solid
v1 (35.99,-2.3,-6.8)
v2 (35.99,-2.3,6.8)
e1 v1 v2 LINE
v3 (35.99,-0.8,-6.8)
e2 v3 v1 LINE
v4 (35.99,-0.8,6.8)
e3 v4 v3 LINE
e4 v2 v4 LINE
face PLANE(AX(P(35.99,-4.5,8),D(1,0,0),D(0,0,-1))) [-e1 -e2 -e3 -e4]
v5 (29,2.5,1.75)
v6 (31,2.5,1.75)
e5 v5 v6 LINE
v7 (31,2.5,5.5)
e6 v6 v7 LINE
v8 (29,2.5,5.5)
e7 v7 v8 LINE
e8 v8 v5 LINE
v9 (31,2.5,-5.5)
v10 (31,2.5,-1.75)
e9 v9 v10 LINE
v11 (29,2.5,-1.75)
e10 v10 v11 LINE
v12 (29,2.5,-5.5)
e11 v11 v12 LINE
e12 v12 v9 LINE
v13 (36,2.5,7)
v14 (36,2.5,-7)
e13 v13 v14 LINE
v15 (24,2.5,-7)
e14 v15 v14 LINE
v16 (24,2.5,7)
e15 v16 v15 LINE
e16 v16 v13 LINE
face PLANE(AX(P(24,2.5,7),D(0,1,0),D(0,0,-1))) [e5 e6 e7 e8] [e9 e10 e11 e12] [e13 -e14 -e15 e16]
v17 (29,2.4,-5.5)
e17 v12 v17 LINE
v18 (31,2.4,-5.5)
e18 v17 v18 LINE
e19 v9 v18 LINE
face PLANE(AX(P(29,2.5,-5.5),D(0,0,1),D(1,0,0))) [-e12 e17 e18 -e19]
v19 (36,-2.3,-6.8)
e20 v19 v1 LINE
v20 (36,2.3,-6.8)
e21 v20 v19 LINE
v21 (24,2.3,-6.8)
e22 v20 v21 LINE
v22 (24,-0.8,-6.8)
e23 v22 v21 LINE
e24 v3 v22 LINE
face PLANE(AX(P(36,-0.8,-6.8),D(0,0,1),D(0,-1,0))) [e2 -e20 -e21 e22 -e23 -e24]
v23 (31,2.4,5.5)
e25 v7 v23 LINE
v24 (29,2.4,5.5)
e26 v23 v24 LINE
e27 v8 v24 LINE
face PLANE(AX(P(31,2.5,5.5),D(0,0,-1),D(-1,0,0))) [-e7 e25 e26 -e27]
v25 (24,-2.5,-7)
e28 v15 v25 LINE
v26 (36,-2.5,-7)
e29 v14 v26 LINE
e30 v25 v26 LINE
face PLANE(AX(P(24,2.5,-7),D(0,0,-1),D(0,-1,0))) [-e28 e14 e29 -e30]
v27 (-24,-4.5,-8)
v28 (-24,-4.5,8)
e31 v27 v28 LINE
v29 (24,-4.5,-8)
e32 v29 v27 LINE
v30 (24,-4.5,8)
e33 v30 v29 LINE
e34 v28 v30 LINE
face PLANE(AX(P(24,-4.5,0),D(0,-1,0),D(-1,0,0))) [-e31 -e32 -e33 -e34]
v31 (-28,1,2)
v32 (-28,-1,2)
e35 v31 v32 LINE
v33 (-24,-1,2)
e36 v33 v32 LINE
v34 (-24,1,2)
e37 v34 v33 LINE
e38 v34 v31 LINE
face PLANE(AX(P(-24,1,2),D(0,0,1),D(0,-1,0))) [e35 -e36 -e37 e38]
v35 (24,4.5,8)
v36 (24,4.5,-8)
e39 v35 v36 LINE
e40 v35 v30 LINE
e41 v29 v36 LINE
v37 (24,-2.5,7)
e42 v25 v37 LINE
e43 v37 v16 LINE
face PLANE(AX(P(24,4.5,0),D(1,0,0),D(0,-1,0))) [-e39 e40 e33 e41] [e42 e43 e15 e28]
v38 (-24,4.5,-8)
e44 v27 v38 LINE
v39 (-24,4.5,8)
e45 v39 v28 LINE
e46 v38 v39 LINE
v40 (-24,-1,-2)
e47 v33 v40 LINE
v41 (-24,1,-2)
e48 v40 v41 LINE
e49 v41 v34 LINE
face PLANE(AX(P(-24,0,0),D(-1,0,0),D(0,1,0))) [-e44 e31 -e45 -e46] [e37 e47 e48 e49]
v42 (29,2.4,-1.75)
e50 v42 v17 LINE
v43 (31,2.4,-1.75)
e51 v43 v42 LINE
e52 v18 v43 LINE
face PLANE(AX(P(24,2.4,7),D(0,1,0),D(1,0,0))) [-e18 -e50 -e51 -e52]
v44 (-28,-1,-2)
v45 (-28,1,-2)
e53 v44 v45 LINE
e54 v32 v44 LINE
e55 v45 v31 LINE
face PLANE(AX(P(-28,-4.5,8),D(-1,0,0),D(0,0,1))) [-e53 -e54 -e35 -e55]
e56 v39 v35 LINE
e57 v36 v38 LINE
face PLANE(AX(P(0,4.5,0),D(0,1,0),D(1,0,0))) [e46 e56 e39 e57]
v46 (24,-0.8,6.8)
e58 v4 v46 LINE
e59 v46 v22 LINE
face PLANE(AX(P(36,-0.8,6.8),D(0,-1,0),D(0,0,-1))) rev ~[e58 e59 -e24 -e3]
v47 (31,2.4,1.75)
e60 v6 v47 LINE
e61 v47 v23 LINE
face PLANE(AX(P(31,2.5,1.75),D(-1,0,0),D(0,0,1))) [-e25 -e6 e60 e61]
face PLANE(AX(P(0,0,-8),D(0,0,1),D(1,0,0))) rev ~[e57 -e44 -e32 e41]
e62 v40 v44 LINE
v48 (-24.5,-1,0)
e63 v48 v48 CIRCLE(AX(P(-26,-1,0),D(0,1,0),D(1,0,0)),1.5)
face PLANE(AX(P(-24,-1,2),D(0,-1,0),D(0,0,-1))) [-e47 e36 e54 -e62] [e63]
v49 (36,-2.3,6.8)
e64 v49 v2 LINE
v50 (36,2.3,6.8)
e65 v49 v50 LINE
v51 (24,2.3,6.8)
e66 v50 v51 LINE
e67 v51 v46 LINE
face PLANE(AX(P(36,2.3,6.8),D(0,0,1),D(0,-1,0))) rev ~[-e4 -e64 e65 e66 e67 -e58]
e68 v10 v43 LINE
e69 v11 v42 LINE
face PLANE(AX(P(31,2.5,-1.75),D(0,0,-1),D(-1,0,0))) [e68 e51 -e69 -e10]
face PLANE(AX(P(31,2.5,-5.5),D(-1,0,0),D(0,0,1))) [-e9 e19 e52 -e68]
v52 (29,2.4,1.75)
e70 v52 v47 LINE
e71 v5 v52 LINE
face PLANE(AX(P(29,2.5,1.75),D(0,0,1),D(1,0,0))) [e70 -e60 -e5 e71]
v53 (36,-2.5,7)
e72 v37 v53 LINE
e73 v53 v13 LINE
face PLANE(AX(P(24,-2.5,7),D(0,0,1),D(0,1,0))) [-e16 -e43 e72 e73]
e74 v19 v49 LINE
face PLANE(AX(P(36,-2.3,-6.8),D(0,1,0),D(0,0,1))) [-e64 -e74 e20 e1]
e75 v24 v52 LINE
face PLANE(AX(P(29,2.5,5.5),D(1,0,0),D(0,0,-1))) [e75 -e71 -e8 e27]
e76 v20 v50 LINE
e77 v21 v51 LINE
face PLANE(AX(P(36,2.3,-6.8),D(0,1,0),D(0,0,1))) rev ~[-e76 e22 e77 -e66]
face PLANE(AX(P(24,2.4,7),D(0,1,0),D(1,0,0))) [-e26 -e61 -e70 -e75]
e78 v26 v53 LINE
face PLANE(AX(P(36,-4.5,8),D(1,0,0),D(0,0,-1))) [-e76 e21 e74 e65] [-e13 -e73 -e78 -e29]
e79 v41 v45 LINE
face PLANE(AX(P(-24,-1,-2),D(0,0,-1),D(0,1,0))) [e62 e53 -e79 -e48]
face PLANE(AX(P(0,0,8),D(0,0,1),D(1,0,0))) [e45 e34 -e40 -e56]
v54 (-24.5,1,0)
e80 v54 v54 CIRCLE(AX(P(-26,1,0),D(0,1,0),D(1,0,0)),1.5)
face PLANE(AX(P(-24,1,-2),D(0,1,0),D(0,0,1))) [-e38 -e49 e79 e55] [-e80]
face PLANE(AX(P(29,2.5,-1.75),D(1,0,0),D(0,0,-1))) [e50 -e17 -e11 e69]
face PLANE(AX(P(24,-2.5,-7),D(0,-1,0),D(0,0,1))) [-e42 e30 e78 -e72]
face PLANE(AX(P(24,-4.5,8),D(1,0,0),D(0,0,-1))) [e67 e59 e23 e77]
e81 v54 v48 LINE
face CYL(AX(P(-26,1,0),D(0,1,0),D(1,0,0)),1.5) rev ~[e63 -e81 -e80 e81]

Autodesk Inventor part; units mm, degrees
ref_plane "YZ Plane" through (0, 0, 0) normal (1, 0, 0) x (0, 1, 0)
ref_plane "XZ Plane" through (0, 0, 0) normal (0, 1, 0) x (-1, 0, 0)
ref_plane "XY Plane" through (0, 0, 0) normal (0, 0, 1) x (1, 0, 0)
sketch "Sketch1" plane through (0, 0, 0) normal (0, 0, 1) x (1, 0, 0)
  line L0 (0, 6.3) -> (0, -6.3) projected
  line L1 (-33.6012, 0) -> (33.607, 0) projected
  line L2 (-24, 4.5) -> (24, 4.5)
  line L3 (24, 4.5) -> (24, -4.5)
  line L4 (24, -4.5) -> (-24, -4.5)
  line L5 (-24, -4.5) -> (-24, 4.5)
  dimension "d0" = 48
  dimension "d1" = 9
extrude "Legoblokje" add sketch "Sketch1" along normal mid plane 16
sketch "Sketch3" plane through (24, -4.5, 8) normal (1, 0, 0) x (0, 0, -1)
  line L0 (0, 9) -> (0, 0) projected
  line L1 (0, 0) -> (16, 0) projected
  line L2 (16, 0) -> (16, 9) projected
  line L3 (0, 9) -> (16, 9) projected
  line L4 (1, 7) -> (15, 7)
  line L5 (15, 7) -> (15, 2)
  line L6 (15, 2) -> (1, 2)
  line L7 (1, 2) -> (1, 7)
  point P0 (8, 4.5)
  dimension "d28" = 1
  dimension "d29" = 2
  dimension "d30" = 2
  dimension "d31" = 1
  dimension "d67" = 5
extrude "USB" add sketch "Sketch3" along normal blind 12 contours L4 L5 L6 L7
sketch "Sketch4" plane through (36, -4.5, 8) normal (1, 0, 0) x (0, 0, -1)
  line L0 (15, 7) -> (15, 2) projected
  line L1 (1, 7) -> (15, 7) projected
  line L2 (1, 2) -> (1, 7) projected
  line L3 (15, 2) -> (1, 2) projected
  line L4 (1.2, 3.7) -> (14.8, 3.7)
  line L5 (14.8, 3.7) -> (14.8, 2.2)
  line L6 (14.8, 2.2) -> (1.2, 2.2)
  line L7 (1.2, 2.2) -> (1.2, 3.7)
  line L8 (1.2, 3.7) -> (14.8, 3.7)
  line L9 (14.8, 3.7) -> (14.8, 6.8)
  line L10 (14.8, 6.8) -> (1.2, 6.8)
  line L11 (1.2, 6.8) -> (1.2, 3.7)
  point P0 (8, 4.5)
  dimension "d34" = 0.2
  dimension "d35" = 0.2
  dimension "d36" = 0.2
  dimension "d37" = 1.5
  dimension "d38" = 0.2
extrude "Afwerking USB" cut sketch "Sketch4" against normal blind 12 contours L11 L10 L9 L4
sketch "Sketch5" plane through (36, -4.5, 8) normal (1, 0, 0) x (0, 0, -1)
  line L0 (15, 2) -> (1, 2) projected
  line L1 (1.2, 3.7) -> (14.8, 3.7)
  line L2 (14.8, 3.7) -> (14.8, 2.2)
  line L3 (14.8, 2.2) -> (1.2, 2.2)
  line L4 (1.2, 2.2) -> (1.2, 3.7)
  point P0 (8, 4.5)
  dimension "d41" = 0.2
extrude "Afwerking" cut sketch "Sketch5" against normal blind 0.01
sketch "Sketch6" plane through (24, 2.5, 7) normal (0, 1, 0) x (1, 0, 0)
  line L0 (0, 14) -> (12, 14) projected
  line L1 (0, 0) -> (0, 14) projected
  line L2 (0, 0) -> (12, 0) projected
  line L3 (5, 12.5) -> (7, 12.5)
  line L4 (7, 12.5) -> (7, 8.75)
  line L5 (7, 8.75) -> (5, 8.75)
  line L6 (5, 8.75) -> (5, 12.5)
  line L7 (5, 5.25) -> (7, 5.25)
  line L8 (7, 5.25) -> (7, 1.5)
  line L9 (7, 1.5) -> (5, 1.5)
  line L10 (5, 1.5) -> (5, 5.25)
  point P0 (-24, 7)
  dimension "d44" = 5
  dimension "d45" = 5
  dimension "d46" = 1.5
  dimension "d47" = 1.5
  dimension "d48" = 3.5
  dimension "d49" = 2
  dimension "d50" = 2
  dimension "d51" = 3.75
  dimension "d52" = 3.75
extrude "Afwerking bovenkant" cut sketch "Sketch6" against normal blind 0.1
sketch "Sketch7" plane through (-24, -4.5, 8) normal (-1, 0, 0) x (0, 0, 1)
  line L0 (-10, 5.5) -> (-6, 5.5)
  line L1 (-6, 5.5) -> (-6, 3.5)
  line L2 (-6, 3.5) -> (-10, 3.5)
  line L3 (-10, 3.5) -> (-10, 5.5)
  point P0 (-8, 4.5)
  dimension "d55" = 1
  dimension "d56" = 1
  dimension "d57" = 2
  dimension "d58" = 2
extrude "Achterkant afwerking" add sketch "Sketch7" along normal blind 4
sketch "Sketch8" plane through (-24, 1, 2) normal (0, 1, 0) x (1, 0, 0)
  circle A0 centre (-2, 2) radius 1.5
  point P0 (24, 2)
  dimension "d61" = 3
extrude "afwerking gat" cut sketch "Sketch8" against normal through all
properties part number "USB_Stick"
